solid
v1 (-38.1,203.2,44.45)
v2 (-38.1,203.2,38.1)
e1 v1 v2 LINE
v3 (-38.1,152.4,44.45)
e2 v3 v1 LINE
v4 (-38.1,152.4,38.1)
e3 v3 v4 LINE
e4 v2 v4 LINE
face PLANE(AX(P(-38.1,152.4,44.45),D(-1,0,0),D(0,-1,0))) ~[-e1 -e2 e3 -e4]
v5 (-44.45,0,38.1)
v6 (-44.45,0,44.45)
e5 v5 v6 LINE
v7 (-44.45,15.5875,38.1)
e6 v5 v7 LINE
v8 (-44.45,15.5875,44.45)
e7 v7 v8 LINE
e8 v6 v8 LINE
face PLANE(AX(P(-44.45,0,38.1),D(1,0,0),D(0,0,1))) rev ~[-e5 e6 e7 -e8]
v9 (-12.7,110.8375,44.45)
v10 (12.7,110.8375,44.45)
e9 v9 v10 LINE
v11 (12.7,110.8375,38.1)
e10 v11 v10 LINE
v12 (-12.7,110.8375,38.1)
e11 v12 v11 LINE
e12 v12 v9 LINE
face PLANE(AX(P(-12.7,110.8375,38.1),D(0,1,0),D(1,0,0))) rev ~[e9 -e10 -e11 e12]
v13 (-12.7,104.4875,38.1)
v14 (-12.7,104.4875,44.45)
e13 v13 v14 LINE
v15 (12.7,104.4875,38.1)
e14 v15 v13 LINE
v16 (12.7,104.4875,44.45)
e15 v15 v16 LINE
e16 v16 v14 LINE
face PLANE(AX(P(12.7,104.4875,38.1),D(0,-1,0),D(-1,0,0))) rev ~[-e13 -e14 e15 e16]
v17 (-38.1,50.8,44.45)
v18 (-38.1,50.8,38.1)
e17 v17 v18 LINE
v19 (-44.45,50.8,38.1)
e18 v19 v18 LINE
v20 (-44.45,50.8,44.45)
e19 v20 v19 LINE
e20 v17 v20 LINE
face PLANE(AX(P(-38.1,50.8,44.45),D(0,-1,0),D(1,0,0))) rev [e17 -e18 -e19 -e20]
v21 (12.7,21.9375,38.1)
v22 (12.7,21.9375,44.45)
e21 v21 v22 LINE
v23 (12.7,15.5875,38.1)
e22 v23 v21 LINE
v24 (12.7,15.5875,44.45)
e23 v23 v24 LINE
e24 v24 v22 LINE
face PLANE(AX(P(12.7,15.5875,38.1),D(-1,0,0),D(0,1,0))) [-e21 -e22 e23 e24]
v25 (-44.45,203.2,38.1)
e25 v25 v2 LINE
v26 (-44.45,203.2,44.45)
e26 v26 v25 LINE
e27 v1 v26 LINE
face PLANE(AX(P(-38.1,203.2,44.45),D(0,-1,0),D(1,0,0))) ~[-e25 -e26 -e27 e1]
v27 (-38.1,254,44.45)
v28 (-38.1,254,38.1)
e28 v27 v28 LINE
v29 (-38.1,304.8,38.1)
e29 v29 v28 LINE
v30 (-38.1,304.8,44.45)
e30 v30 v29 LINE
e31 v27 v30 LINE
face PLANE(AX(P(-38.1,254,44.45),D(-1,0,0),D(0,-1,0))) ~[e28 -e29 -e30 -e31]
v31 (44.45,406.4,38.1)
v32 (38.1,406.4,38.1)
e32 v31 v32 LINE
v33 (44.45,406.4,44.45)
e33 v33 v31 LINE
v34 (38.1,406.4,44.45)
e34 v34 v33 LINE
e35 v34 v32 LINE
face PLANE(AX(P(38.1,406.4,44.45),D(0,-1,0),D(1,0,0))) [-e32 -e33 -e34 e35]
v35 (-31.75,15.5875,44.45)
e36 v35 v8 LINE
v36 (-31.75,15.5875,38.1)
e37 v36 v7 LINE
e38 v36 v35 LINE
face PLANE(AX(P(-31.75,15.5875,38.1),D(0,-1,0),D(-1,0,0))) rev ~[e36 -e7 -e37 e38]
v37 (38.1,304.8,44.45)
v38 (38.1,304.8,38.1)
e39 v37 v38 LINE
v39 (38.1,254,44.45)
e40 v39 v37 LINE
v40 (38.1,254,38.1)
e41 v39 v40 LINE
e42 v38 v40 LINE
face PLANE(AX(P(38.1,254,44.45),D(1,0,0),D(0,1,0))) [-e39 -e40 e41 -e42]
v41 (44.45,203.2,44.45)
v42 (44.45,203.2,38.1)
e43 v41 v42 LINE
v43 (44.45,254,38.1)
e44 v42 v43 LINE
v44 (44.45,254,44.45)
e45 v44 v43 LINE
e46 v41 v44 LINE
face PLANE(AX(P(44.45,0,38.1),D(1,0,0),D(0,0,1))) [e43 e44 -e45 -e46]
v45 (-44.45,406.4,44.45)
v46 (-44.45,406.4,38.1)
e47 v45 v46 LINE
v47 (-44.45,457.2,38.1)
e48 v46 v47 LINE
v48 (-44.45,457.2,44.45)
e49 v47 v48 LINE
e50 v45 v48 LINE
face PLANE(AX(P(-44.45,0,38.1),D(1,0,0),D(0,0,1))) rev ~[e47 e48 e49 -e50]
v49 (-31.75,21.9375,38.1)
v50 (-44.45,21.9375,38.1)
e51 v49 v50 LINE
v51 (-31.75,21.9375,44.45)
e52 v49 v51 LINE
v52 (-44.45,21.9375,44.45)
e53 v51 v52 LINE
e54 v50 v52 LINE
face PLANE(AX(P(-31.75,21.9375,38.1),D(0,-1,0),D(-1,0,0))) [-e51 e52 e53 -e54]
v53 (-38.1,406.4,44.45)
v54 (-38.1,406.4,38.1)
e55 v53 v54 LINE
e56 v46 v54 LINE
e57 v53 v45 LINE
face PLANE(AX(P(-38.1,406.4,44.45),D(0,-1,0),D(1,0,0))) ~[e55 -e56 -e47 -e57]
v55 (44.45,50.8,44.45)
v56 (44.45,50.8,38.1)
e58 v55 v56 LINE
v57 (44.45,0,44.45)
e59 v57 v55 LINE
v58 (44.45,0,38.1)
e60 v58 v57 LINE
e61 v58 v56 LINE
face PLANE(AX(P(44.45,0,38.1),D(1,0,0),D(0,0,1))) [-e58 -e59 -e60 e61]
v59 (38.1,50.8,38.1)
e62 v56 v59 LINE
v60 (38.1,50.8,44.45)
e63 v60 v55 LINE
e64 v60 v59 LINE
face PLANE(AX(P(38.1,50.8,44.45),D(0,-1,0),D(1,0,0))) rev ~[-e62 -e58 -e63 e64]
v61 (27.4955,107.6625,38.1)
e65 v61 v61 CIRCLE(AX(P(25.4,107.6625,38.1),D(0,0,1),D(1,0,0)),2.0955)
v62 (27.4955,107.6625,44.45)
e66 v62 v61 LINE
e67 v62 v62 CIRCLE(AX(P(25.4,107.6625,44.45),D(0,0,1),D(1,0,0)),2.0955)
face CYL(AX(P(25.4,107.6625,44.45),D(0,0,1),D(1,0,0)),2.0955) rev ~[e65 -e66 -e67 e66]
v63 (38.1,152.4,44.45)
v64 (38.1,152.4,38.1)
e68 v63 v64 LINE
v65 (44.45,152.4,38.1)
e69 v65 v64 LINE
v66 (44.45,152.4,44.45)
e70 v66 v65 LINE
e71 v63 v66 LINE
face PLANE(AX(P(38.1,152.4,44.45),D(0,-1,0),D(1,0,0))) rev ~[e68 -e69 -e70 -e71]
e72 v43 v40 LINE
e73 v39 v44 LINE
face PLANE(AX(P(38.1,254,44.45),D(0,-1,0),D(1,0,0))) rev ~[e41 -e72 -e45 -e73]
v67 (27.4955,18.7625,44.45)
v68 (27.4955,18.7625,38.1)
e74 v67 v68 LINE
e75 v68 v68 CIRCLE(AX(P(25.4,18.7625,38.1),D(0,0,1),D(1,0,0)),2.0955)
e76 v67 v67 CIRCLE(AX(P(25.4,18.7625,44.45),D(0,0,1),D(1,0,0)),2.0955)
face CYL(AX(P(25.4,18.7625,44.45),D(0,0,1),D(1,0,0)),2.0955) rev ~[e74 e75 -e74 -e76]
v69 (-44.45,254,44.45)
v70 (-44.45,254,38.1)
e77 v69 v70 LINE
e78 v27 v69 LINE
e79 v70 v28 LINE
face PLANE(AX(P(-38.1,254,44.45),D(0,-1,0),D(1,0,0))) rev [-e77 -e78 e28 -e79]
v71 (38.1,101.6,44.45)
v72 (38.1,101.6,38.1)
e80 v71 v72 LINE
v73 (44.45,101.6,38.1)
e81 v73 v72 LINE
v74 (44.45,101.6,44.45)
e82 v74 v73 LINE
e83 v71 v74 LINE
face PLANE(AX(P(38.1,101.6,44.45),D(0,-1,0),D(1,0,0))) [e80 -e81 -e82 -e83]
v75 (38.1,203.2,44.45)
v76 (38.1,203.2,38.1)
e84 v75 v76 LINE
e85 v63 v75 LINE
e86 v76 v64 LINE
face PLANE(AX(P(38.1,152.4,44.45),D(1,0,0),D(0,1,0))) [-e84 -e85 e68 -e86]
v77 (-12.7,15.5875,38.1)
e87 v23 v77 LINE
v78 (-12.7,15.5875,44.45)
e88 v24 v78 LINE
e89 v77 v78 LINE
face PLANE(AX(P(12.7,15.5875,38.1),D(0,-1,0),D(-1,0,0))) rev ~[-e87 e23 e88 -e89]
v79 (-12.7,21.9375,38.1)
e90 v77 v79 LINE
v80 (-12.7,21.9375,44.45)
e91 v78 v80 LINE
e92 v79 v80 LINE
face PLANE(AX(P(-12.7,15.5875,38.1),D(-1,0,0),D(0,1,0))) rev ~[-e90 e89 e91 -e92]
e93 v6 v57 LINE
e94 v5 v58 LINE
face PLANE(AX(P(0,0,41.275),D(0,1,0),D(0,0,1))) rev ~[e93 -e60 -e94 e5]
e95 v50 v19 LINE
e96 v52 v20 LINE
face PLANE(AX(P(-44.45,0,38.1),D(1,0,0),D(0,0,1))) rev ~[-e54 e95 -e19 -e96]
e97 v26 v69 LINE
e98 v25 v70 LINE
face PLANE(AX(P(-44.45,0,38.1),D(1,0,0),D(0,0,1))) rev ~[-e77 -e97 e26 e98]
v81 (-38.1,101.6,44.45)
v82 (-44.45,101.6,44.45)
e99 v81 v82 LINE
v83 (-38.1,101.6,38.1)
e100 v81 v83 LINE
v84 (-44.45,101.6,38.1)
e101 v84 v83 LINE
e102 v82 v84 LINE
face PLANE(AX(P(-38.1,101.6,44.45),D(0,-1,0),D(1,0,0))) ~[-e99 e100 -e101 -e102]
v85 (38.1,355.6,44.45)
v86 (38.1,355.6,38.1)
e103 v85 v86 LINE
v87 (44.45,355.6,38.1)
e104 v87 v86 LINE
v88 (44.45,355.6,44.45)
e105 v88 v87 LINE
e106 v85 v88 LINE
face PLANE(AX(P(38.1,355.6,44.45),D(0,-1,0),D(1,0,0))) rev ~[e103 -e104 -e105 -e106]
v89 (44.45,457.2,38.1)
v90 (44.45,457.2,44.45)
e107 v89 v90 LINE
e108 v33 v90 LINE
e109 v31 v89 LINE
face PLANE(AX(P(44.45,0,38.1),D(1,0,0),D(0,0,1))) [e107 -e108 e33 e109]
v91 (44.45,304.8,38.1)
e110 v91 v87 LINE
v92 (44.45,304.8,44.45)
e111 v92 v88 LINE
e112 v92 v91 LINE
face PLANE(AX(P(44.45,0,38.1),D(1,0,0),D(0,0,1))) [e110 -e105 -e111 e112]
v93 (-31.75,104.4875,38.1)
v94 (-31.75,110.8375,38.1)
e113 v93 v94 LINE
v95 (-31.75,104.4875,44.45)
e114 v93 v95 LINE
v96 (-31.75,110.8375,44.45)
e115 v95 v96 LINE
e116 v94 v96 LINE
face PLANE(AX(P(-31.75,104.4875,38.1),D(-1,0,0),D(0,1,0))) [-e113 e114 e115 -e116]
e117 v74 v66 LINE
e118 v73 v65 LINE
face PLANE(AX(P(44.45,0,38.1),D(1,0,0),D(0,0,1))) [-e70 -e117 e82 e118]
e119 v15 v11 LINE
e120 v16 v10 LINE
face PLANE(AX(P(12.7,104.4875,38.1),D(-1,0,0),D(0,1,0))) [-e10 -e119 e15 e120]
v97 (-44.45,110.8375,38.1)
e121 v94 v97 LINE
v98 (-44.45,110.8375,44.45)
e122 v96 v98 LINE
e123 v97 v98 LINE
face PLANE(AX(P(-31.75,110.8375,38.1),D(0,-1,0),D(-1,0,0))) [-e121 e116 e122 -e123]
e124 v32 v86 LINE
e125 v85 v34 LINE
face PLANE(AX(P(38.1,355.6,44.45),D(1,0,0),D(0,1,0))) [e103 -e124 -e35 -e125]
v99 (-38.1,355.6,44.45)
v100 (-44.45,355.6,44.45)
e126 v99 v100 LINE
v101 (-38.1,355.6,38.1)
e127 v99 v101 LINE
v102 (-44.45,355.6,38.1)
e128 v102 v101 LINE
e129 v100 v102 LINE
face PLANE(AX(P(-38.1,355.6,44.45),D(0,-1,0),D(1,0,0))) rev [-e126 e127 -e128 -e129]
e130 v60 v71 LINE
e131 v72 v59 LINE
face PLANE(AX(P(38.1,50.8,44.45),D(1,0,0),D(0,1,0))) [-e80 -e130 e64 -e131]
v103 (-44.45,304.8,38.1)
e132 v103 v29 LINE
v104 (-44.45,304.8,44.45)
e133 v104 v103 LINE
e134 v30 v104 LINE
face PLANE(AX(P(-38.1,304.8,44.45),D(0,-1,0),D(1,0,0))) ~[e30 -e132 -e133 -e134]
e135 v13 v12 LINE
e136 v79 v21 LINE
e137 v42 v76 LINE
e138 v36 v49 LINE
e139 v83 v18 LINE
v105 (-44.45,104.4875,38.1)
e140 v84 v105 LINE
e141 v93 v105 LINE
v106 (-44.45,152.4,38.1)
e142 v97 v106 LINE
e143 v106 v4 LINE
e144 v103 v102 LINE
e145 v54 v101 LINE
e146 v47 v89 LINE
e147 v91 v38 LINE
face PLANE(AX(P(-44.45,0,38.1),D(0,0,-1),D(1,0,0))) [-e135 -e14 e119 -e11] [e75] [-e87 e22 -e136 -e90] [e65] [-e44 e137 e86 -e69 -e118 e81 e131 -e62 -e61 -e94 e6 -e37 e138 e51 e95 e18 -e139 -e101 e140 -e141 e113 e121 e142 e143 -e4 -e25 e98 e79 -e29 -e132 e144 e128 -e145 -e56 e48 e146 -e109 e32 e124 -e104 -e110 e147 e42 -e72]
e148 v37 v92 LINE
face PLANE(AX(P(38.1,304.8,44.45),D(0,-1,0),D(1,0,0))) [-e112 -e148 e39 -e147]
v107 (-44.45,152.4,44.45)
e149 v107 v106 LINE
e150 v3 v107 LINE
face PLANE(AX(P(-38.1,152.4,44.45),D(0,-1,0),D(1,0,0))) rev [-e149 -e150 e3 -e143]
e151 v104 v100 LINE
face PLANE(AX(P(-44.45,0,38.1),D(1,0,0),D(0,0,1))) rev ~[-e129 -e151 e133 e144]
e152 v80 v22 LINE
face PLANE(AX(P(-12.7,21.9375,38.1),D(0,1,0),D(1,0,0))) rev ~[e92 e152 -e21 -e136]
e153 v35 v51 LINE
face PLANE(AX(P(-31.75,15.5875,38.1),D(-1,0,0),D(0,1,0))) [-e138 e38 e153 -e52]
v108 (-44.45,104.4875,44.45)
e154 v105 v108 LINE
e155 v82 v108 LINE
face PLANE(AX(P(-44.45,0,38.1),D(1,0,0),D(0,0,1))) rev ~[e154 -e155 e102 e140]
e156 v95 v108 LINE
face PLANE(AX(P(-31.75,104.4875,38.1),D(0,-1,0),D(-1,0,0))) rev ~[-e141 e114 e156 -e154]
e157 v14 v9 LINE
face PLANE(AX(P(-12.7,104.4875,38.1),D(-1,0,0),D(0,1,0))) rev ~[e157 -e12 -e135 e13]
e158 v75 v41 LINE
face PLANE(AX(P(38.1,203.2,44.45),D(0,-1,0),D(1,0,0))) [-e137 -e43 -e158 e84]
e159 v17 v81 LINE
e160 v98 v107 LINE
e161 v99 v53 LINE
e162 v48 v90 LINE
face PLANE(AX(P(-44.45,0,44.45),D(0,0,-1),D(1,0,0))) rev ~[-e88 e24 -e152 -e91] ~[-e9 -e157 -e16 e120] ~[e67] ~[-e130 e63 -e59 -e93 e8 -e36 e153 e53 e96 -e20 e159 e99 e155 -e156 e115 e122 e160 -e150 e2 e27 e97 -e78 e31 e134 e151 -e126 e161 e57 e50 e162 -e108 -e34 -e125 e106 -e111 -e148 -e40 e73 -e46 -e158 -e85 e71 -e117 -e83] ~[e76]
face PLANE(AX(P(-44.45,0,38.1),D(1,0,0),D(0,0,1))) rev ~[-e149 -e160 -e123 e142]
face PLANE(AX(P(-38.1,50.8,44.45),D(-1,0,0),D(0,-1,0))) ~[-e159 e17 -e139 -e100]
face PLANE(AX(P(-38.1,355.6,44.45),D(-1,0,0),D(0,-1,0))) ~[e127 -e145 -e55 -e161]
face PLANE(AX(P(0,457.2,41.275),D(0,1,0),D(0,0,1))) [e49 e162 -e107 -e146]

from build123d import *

# Parameters (mm, degrees)
SKETCH2_W           = 6.35
SKETCH2_H           = 88.9
BOSS_EXTRUDE1_DEPTH = 457.2
SKETCH4_W           = 6.35
SKETCH4_H           = 50.8
CUT_EXTRUDE1_DEPTH  = 460.399570091
SKETCH5_W           = 12.7
SKETCH5_H           = 6.35
CUT_EXTRUDE2_DEPTH  = 460.399570091
SKETCH6_R           = 2.0955
CUT_EXTRUDE3_DEPTH  = 460.399570091
SKETCH7_W           = 12.7
SKETCH7_H           = 6.35
CUT_EXTRUDE4_DEPTH  = 10
SKETCH8_W           = 12.7
SKETCH8_H           = 6.35
CUT_EXTRUDE5_DEPTH  = 460.399570091


with BuildPart() as part:
    # Sketch2 → Boss-Extrude1 (new body)
    with BuildSketch(Plane.ZX):
        with Locations((41.275, 0)):
            Rectangle(SKETCH2_W, SKETCH2_H)
    extrude(amount=BOSS_EXTRUDE1_DEPTH)

    # Sketch4 → Cut-Extrude1 (cut, through all)
    with BuildSketch(Plane.XY.offset(44.45)):
        with Locations((41.275, 381)):
            Rectangle(SKETCH4_W, SKETCH4_H)
        with Locations((41.275, 279.4)):
            Rectangle(SKETCH4_W, SKETCH4_H)
        with Locations((41.275, 177.8)):
            Rectangle(SKETCH4_W, SKETCH4_H)
        with Locations((41.275, 76.2)):
            Rectangle(SKETCH4_W, SKETCH4_H)
    cut_extrude1 = extrude(amount=-CUT_EXTRUDE1_DEPTH, mode=Mode.SUBTRACT)

    # Mirror1: Cut-Extrude1 across plane
    add(cut_extrude1.mirror(Plane(origin=(0, 0, 0), x_dir=(0, 0, 1), z_dir=(1, 0, 0))), mode=Mode.SUBTRACT)

    # Sketch5 → Cut-Extrude2 (cut, through all)
    with BuildSketch(Plane(origin=(0, 0, 38.1), x_dir=(-1, 0, 0), z_dir=(0, 0, -1))):
        with Locations((6.35, 18.7625)):
            Rectangle(SKETCH5_W, SKETCH5_H)
        with Locations((-6.35, 18.7625)):
            Rectangle(SKETCH5_W, SKETCH5_H)
        with Locations((6.35, 107.6625)):
            Rectangle(SKETCH5_W, SKETCH5_H)
        with Locations((-6.35, 107.6625)):
            Rectangle(SKETCH5_W, SKETCH5_H)
    extrude(amount=-CUT_EXTRUDE2_DEPTH, mode=Mode.SUBTRACT)

    # Sketch6 → Cut-Extrude3 (cut, through all)
    with BuildSketch(Plane.XY.offset(44.45)):
        with Locations((25.4, 107.6625)):
            Circle(SKETCH6_R)
        with Locations((25.4, 18.7625)):
            Circle(SKETCH6_R)
    extrude(amount=-CUT_EXTRUDE3_DEPTH, mode=Mode.SUBTRACT)

    # Sketch7 → Cut-Extrude4 (cut)
    with BuildSketch(Plane(origin=(0, 0, 38.1), x_dir=(-1, 0, 0), z_dir=(0, 0, -1))):
        with Locations((38.1, 107.6625)):
            Rectangle(SKETCH7_W, SKETCH7_H)
    extrude(amount=-CUT_EXTRUDE4_DEPTH, mode=Mode.SUBTRACT)

    # Sketch8 → Cut-Extrude5 (cut, through all)
    with BuildSketch(Plane(origin=(0, 0, 38.1), x_dir=(-1, 0, 0), z_dir=(0, 0, -1))):
        with Locations((38.1, 18.7625)):
            Rectangle(SKETCH8_W, SKETCH8_H)
    extrude(amount=-CUT_EXTRUDE5_DEPTH, mode=Mode.SUBTRACT)


solid = part.part
